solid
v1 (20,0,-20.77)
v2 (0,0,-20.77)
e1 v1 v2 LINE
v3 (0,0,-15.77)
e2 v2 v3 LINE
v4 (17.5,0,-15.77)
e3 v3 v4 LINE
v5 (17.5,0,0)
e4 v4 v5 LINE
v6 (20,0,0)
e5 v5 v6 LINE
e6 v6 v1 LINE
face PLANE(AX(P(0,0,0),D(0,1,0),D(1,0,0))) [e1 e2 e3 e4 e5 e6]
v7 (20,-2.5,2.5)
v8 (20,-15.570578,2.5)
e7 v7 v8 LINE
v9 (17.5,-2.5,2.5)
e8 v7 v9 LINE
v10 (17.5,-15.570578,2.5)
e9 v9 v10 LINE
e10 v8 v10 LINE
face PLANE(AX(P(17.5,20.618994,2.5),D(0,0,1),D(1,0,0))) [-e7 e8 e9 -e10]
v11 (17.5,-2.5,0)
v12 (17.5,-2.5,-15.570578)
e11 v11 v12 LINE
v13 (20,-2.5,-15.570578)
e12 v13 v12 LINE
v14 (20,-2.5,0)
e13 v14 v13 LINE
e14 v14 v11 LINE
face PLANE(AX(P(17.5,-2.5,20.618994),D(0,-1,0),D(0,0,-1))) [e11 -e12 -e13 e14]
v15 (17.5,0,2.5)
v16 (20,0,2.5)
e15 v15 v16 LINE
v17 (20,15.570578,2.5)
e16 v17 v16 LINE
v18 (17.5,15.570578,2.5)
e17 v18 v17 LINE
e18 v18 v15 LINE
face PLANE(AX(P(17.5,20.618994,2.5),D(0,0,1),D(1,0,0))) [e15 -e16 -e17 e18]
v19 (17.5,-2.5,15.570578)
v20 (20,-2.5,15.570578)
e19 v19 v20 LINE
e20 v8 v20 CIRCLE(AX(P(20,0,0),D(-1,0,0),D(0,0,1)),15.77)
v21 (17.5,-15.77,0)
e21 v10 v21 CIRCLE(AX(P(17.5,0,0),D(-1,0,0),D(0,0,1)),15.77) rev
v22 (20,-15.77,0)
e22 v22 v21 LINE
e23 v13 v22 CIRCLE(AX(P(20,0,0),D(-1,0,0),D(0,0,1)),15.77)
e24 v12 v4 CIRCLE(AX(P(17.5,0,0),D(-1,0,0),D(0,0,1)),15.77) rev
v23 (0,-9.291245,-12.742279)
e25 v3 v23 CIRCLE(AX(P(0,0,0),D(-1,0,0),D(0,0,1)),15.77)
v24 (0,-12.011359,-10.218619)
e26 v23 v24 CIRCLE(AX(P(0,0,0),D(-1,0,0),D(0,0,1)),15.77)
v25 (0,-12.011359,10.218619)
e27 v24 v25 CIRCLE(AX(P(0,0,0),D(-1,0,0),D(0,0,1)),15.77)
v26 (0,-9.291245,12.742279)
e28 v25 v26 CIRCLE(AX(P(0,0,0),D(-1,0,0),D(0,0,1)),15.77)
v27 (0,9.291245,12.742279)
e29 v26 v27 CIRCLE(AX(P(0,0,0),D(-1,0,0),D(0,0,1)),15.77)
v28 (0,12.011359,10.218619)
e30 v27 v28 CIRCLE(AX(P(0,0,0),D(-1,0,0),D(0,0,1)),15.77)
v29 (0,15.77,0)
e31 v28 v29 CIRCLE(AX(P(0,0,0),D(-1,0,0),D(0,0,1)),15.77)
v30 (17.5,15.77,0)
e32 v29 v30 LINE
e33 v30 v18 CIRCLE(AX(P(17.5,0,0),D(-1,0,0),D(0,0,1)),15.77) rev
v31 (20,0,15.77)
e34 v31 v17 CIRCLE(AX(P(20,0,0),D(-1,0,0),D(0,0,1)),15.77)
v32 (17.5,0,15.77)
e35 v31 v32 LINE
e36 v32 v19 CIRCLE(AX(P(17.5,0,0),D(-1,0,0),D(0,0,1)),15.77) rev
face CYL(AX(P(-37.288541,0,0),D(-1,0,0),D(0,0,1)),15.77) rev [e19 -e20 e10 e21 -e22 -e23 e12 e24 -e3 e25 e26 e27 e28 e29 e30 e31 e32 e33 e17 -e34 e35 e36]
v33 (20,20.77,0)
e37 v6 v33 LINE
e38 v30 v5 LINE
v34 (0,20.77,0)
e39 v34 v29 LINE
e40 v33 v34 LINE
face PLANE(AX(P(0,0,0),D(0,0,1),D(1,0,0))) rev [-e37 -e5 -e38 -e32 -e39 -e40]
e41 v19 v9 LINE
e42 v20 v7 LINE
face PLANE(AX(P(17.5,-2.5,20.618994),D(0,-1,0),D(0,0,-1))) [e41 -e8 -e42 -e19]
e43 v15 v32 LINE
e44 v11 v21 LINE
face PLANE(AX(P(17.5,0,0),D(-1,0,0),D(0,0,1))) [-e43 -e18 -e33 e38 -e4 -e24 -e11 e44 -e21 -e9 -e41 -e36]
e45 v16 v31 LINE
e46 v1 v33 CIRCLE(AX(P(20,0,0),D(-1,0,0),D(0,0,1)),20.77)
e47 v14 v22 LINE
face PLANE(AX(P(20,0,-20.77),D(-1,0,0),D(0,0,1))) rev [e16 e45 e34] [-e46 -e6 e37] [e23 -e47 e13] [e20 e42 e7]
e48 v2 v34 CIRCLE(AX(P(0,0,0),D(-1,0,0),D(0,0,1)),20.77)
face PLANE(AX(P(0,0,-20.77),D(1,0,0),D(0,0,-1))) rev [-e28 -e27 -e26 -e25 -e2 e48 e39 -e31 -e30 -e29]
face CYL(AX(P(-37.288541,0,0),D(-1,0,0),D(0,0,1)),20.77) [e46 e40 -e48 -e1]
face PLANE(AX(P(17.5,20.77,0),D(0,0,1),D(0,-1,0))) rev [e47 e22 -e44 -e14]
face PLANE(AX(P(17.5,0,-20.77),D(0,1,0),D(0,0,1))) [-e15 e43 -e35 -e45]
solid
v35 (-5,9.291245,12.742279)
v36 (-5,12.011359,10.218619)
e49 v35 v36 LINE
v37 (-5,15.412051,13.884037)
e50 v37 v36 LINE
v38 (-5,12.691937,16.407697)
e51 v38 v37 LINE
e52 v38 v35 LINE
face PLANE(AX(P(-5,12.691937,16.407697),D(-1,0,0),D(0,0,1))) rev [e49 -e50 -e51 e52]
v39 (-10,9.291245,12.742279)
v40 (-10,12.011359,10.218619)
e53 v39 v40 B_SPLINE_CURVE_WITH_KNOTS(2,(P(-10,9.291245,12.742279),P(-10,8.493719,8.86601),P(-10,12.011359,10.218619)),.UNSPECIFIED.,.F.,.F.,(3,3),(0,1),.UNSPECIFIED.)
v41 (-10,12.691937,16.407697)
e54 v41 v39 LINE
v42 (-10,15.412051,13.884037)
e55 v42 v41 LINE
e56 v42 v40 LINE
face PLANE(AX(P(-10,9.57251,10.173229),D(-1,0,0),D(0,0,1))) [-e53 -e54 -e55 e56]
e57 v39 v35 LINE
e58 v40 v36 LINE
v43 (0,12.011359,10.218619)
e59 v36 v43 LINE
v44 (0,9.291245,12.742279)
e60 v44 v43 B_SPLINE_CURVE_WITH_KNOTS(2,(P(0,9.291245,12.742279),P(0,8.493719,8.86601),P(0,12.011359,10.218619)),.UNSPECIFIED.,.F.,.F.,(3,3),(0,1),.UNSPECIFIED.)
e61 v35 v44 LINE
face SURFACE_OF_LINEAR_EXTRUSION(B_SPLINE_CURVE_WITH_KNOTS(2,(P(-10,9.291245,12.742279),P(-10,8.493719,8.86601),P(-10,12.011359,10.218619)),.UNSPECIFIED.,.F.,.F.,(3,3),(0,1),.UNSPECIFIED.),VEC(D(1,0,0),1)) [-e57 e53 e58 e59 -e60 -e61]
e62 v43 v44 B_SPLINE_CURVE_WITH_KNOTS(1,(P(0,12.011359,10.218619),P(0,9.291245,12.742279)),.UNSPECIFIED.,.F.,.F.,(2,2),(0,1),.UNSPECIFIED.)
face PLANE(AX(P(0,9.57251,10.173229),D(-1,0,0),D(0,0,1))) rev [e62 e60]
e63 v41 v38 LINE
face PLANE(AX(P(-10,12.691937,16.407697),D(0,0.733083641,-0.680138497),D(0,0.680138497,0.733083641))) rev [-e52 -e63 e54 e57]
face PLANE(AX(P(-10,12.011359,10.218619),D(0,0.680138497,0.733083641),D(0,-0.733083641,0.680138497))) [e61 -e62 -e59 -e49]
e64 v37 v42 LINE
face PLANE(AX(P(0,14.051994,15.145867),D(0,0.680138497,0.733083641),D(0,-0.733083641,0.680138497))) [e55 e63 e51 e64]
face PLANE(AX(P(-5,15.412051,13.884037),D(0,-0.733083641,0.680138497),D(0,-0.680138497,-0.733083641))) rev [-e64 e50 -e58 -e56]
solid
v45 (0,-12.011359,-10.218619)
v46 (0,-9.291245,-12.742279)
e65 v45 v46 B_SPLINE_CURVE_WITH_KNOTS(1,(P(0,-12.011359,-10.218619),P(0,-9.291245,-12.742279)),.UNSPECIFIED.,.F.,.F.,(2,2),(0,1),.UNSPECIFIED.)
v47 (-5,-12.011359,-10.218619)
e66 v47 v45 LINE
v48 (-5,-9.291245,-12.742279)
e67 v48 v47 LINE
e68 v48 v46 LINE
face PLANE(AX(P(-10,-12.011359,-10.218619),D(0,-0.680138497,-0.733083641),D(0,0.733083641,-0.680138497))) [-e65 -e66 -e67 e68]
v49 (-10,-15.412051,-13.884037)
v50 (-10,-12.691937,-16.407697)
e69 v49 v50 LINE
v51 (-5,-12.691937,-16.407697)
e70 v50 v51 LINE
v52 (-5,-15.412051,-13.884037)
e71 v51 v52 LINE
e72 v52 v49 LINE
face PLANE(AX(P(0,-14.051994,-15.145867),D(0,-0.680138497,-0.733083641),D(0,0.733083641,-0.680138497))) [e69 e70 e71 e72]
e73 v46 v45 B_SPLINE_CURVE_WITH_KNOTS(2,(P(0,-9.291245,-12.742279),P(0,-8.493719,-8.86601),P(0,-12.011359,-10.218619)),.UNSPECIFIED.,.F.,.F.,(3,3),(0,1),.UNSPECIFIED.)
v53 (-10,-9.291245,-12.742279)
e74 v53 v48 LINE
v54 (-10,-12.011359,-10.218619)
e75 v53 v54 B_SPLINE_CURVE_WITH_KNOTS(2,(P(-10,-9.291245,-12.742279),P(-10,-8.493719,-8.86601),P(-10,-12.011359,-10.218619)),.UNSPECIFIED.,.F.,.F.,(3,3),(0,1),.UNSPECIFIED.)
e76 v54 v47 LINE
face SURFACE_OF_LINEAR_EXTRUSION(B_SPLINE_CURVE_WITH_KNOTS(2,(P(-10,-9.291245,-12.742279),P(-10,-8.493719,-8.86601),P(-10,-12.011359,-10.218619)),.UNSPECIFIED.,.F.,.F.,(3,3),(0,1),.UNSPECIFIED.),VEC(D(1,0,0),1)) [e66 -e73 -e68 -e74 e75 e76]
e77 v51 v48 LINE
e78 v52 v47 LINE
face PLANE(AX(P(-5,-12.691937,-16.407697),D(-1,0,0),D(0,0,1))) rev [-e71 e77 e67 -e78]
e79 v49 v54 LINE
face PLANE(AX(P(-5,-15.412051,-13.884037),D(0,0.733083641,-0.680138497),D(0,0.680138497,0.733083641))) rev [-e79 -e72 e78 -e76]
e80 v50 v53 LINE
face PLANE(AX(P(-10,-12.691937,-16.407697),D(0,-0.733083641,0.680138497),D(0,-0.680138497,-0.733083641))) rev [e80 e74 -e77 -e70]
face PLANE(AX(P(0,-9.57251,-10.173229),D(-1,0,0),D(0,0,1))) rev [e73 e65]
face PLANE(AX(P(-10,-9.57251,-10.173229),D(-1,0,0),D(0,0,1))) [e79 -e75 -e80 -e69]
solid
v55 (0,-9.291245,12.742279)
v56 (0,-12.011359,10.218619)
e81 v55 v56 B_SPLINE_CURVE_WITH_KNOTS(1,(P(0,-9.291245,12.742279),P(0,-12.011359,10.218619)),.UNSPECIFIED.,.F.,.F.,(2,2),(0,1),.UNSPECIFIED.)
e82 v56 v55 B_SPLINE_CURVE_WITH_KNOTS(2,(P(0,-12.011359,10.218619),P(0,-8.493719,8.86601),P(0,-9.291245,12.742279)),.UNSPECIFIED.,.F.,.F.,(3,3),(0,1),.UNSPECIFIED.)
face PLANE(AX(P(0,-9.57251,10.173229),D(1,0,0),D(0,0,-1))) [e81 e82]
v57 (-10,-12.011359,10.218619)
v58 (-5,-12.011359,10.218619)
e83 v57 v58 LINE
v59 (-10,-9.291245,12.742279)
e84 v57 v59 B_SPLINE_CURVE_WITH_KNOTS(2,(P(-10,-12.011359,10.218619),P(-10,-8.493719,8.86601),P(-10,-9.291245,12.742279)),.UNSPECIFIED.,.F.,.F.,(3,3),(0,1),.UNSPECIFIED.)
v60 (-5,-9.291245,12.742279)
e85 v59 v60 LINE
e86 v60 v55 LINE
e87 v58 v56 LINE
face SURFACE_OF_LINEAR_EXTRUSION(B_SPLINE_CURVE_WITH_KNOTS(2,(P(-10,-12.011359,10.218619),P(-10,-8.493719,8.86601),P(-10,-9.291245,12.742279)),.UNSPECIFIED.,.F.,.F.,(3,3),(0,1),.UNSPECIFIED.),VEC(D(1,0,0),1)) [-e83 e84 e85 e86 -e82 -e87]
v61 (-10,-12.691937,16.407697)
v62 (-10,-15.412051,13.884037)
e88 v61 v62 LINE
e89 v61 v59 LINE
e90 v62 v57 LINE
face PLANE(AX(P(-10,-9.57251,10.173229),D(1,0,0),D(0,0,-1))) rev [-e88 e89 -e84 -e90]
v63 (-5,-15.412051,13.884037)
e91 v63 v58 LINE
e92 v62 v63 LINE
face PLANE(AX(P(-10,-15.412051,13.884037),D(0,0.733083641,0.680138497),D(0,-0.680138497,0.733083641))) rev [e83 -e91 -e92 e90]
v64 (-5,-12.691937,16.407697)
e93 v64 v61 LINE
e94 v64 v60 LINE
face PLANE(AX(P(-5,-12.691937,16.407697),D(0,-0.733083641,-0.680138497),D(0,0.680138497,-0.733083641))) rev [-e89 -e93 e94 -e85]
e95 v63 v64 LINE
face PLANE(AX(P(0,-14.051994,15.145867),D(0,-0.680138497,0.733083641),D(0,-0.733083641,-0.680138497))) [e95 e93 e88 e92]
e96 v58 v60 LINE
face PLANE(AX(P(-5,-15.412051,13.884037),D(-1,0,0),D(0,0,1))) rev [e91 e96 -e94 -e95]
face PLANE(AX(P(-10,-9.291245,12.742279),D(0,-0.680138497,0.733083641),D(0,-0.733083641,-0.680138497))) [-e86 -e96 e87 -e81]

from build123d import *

# Parameters (mm, degrees)
SKETCH1_W             = 20
SKETCH1_H             = 5
REVOLVE1_ANGLE        = 270
BOSS_EXTRUDE1_DEPTH   = 2.5
BOSS_EXTRUDE2_DEPTH   = 10
BOSS_EXTRUDE2_2_DEPTH = 10
BOSS_EXTRUDE2_3_DEPTH = 10
SKETCH5_W             = 5
SKETCH5_H             = 3.710509324
BOSS_EXTRUDE3_DEPTH   = 5
SKETCH6_W             = 5
SKETCH6_H             = 3.710509324
BOSS_EXTRUDE4_DEPTH   = 5
SKETCH7_W             = 5
SKETCH7_H             = 3.710509324
BOSS_EXTRUDE5_DEPTH   = 5


with BuildPart() as part:
    # Sketch1 → Revolve1 (revolve)
    with BuildSketch(Plane.XY):
        with Locations((10, 18.27)):
            Rectangle(SKETCH1_W, SKETCH1_H)
    revolve(axis=Axis((-37.288540606, 0, 0), (1, 0, 0)), revolution_arc=REVOLVE1_ANGLE)

    # Sketch2 → Boss-Extrude1 (add)
    with BuildSketch(Plane(origin=(20, 0, 0), x_dir=(0, 0, -1), z_dir=(1, 0, 0))):
        with BuildLine():
            Line((0, 20.77), (0, -20.77))
            ThreePointArc((0, -20.77), (-1.252278215, -20.732214047), (-2.5, -20.618993671))
            Line((-2.5, -20.618993671), (-2.5, 20.618993671))
            ThreePointArc((-2.5, 20.618993671), (-1.252278215, 20.732214047), (0, 20.77))
        make_face()
        with BuildLine():
            Line((20.77, 0), (-20.77, 0))
            ThreePointArc((-20.77, 0), (-20.732214047, -1.252278215), (-20.618993671, -2.5))
            Line((-20.618993671, -2.5), (20.618993671, -2.5))
            ThreePointArc((20.618993671, -2.5), (20.732214047, -1.252278215), (20.77, 0))
        make_face()
    extrude(amount=-BOSS_EXTRUDE1_DEPTH)


with BuildPart() as body_2:
    # Sketch4 → Boss-Extrude2 (new body)
    with BuildSketch(Plane(origin=(0, 0, 0), x_dir=(0, 0, -1), z_dir=(1, 0, 0))):
        with BuildLine():
            add(Edge.make_bspline(
                [(-12.742278752, 9.291244923), (-8.866010194, 8.493718612), (-10.218618517, 12.011358608)],
                knots=[0, 0, 0, 1, 1, 1], degree=2))
            add(Edge.make_bspline(
                [(-10.218618517, 12.011358608), (-12.742278752, 9.291244923)],
                knots=[0, 0, 1, 1], degree=1))
        make_face()
    extrude(amount=-BOSS_EXTRUDE2_DEPTH)

    # Sketch7 → Boss-Extrude5 (add)
    with BuildSketch(Plane(origin=(0, 10.651301765, 11.480448634), x_dir=(1, 0, 0), z_dir=(0, 0.680138497, 0.733083641))):
        with Locations((-7.5, 0)):
            Rectangle(SKETCH7_W, SKETCH7_H)
    extrude(amount=BOSS_EXTRUDE5_DEPTH)


with BuildPart() as body_3:
    # Sketch4 → Boss-Extrude2 2 (new body)
    with BuildSketch(Plane(origin=(0, 0, 0), x_dir=(0, 0, -1), z_dir=(1, 0, 0))):
        with BuildLine():
            add(Edge.make_bspline(
                [(-12.742278752, -9.291244923), (-8.866010194, -8.493718612), (-10.218618517, -12.011358608)],
                knots=[0, 0, 0, 1, 1, 1], degree=2))
            add(Edge.make_bspline(
                [(-10.218618517, -12.011358608), (-12.742278752, -9.291244923)],
                knots=[0, 0, 1, 1], degree=1))
        make_face()
    extrude(amount=-BOSS_EXTRUDE2_2_DEPTH)

    # Sketch6 → Boss-Extrude4 (add)
    with BuildSketch(Plane(origin=(0, -10.651301765, 11.480448634), x_dir=(1, 0, 0), z_dir=(0, -0.680138497, 0.733083641))):
        with Locations((-7.5, 0)):
            Rectangle(SKETCH6_W, SKETCH6_H)
    extrude(amount=BOSS_EXTRUDE4_DEPTH)


with BuildPart() as body_4:
    # Sketch4 → Boss-Extrude2 3 (new body)
    with BuildSketch(Plane(origin=(0, 0, 0), x_dir=(0, 0, -1), z_dir=(1, 0, 0))):
        with BuildLine():
            add(Edge.make_bspline(
                [(12.742278752, -9.291244923), (8.866010194, -8.493718612), (10.218618517, -12.011358608)],
                knots=[0, 0, 0, 1, 1, 1], degree=2))
            add(Edge.make_bspline(
                [(10.218618517, -12.011358608), (12.742278752, -9.291244923)],
                knots=[0, 0, 1, 1], degree=1))
        make_face()
    extrude(amount=-BOSS_EXTRUDE2_3_DEPTH)

    # Sketch5 → Boss-Extrude3 (add)
    with BuildSketch(Plane(origin=(0, -10.651301765, -11.480448634), x_dir=(-1, 0, 0), z_dir=(0, -0.680138497, -0.733083641))):
        with Locations((7.5, 0)):
            Rectangle(SKETCH5_W, SKETCH5_H)
    extrude(amount=BOSS_EXTRUDE3_DEPTH)


solid = Compound([part.part, body_2.part, body_3.part, body_4.part])
